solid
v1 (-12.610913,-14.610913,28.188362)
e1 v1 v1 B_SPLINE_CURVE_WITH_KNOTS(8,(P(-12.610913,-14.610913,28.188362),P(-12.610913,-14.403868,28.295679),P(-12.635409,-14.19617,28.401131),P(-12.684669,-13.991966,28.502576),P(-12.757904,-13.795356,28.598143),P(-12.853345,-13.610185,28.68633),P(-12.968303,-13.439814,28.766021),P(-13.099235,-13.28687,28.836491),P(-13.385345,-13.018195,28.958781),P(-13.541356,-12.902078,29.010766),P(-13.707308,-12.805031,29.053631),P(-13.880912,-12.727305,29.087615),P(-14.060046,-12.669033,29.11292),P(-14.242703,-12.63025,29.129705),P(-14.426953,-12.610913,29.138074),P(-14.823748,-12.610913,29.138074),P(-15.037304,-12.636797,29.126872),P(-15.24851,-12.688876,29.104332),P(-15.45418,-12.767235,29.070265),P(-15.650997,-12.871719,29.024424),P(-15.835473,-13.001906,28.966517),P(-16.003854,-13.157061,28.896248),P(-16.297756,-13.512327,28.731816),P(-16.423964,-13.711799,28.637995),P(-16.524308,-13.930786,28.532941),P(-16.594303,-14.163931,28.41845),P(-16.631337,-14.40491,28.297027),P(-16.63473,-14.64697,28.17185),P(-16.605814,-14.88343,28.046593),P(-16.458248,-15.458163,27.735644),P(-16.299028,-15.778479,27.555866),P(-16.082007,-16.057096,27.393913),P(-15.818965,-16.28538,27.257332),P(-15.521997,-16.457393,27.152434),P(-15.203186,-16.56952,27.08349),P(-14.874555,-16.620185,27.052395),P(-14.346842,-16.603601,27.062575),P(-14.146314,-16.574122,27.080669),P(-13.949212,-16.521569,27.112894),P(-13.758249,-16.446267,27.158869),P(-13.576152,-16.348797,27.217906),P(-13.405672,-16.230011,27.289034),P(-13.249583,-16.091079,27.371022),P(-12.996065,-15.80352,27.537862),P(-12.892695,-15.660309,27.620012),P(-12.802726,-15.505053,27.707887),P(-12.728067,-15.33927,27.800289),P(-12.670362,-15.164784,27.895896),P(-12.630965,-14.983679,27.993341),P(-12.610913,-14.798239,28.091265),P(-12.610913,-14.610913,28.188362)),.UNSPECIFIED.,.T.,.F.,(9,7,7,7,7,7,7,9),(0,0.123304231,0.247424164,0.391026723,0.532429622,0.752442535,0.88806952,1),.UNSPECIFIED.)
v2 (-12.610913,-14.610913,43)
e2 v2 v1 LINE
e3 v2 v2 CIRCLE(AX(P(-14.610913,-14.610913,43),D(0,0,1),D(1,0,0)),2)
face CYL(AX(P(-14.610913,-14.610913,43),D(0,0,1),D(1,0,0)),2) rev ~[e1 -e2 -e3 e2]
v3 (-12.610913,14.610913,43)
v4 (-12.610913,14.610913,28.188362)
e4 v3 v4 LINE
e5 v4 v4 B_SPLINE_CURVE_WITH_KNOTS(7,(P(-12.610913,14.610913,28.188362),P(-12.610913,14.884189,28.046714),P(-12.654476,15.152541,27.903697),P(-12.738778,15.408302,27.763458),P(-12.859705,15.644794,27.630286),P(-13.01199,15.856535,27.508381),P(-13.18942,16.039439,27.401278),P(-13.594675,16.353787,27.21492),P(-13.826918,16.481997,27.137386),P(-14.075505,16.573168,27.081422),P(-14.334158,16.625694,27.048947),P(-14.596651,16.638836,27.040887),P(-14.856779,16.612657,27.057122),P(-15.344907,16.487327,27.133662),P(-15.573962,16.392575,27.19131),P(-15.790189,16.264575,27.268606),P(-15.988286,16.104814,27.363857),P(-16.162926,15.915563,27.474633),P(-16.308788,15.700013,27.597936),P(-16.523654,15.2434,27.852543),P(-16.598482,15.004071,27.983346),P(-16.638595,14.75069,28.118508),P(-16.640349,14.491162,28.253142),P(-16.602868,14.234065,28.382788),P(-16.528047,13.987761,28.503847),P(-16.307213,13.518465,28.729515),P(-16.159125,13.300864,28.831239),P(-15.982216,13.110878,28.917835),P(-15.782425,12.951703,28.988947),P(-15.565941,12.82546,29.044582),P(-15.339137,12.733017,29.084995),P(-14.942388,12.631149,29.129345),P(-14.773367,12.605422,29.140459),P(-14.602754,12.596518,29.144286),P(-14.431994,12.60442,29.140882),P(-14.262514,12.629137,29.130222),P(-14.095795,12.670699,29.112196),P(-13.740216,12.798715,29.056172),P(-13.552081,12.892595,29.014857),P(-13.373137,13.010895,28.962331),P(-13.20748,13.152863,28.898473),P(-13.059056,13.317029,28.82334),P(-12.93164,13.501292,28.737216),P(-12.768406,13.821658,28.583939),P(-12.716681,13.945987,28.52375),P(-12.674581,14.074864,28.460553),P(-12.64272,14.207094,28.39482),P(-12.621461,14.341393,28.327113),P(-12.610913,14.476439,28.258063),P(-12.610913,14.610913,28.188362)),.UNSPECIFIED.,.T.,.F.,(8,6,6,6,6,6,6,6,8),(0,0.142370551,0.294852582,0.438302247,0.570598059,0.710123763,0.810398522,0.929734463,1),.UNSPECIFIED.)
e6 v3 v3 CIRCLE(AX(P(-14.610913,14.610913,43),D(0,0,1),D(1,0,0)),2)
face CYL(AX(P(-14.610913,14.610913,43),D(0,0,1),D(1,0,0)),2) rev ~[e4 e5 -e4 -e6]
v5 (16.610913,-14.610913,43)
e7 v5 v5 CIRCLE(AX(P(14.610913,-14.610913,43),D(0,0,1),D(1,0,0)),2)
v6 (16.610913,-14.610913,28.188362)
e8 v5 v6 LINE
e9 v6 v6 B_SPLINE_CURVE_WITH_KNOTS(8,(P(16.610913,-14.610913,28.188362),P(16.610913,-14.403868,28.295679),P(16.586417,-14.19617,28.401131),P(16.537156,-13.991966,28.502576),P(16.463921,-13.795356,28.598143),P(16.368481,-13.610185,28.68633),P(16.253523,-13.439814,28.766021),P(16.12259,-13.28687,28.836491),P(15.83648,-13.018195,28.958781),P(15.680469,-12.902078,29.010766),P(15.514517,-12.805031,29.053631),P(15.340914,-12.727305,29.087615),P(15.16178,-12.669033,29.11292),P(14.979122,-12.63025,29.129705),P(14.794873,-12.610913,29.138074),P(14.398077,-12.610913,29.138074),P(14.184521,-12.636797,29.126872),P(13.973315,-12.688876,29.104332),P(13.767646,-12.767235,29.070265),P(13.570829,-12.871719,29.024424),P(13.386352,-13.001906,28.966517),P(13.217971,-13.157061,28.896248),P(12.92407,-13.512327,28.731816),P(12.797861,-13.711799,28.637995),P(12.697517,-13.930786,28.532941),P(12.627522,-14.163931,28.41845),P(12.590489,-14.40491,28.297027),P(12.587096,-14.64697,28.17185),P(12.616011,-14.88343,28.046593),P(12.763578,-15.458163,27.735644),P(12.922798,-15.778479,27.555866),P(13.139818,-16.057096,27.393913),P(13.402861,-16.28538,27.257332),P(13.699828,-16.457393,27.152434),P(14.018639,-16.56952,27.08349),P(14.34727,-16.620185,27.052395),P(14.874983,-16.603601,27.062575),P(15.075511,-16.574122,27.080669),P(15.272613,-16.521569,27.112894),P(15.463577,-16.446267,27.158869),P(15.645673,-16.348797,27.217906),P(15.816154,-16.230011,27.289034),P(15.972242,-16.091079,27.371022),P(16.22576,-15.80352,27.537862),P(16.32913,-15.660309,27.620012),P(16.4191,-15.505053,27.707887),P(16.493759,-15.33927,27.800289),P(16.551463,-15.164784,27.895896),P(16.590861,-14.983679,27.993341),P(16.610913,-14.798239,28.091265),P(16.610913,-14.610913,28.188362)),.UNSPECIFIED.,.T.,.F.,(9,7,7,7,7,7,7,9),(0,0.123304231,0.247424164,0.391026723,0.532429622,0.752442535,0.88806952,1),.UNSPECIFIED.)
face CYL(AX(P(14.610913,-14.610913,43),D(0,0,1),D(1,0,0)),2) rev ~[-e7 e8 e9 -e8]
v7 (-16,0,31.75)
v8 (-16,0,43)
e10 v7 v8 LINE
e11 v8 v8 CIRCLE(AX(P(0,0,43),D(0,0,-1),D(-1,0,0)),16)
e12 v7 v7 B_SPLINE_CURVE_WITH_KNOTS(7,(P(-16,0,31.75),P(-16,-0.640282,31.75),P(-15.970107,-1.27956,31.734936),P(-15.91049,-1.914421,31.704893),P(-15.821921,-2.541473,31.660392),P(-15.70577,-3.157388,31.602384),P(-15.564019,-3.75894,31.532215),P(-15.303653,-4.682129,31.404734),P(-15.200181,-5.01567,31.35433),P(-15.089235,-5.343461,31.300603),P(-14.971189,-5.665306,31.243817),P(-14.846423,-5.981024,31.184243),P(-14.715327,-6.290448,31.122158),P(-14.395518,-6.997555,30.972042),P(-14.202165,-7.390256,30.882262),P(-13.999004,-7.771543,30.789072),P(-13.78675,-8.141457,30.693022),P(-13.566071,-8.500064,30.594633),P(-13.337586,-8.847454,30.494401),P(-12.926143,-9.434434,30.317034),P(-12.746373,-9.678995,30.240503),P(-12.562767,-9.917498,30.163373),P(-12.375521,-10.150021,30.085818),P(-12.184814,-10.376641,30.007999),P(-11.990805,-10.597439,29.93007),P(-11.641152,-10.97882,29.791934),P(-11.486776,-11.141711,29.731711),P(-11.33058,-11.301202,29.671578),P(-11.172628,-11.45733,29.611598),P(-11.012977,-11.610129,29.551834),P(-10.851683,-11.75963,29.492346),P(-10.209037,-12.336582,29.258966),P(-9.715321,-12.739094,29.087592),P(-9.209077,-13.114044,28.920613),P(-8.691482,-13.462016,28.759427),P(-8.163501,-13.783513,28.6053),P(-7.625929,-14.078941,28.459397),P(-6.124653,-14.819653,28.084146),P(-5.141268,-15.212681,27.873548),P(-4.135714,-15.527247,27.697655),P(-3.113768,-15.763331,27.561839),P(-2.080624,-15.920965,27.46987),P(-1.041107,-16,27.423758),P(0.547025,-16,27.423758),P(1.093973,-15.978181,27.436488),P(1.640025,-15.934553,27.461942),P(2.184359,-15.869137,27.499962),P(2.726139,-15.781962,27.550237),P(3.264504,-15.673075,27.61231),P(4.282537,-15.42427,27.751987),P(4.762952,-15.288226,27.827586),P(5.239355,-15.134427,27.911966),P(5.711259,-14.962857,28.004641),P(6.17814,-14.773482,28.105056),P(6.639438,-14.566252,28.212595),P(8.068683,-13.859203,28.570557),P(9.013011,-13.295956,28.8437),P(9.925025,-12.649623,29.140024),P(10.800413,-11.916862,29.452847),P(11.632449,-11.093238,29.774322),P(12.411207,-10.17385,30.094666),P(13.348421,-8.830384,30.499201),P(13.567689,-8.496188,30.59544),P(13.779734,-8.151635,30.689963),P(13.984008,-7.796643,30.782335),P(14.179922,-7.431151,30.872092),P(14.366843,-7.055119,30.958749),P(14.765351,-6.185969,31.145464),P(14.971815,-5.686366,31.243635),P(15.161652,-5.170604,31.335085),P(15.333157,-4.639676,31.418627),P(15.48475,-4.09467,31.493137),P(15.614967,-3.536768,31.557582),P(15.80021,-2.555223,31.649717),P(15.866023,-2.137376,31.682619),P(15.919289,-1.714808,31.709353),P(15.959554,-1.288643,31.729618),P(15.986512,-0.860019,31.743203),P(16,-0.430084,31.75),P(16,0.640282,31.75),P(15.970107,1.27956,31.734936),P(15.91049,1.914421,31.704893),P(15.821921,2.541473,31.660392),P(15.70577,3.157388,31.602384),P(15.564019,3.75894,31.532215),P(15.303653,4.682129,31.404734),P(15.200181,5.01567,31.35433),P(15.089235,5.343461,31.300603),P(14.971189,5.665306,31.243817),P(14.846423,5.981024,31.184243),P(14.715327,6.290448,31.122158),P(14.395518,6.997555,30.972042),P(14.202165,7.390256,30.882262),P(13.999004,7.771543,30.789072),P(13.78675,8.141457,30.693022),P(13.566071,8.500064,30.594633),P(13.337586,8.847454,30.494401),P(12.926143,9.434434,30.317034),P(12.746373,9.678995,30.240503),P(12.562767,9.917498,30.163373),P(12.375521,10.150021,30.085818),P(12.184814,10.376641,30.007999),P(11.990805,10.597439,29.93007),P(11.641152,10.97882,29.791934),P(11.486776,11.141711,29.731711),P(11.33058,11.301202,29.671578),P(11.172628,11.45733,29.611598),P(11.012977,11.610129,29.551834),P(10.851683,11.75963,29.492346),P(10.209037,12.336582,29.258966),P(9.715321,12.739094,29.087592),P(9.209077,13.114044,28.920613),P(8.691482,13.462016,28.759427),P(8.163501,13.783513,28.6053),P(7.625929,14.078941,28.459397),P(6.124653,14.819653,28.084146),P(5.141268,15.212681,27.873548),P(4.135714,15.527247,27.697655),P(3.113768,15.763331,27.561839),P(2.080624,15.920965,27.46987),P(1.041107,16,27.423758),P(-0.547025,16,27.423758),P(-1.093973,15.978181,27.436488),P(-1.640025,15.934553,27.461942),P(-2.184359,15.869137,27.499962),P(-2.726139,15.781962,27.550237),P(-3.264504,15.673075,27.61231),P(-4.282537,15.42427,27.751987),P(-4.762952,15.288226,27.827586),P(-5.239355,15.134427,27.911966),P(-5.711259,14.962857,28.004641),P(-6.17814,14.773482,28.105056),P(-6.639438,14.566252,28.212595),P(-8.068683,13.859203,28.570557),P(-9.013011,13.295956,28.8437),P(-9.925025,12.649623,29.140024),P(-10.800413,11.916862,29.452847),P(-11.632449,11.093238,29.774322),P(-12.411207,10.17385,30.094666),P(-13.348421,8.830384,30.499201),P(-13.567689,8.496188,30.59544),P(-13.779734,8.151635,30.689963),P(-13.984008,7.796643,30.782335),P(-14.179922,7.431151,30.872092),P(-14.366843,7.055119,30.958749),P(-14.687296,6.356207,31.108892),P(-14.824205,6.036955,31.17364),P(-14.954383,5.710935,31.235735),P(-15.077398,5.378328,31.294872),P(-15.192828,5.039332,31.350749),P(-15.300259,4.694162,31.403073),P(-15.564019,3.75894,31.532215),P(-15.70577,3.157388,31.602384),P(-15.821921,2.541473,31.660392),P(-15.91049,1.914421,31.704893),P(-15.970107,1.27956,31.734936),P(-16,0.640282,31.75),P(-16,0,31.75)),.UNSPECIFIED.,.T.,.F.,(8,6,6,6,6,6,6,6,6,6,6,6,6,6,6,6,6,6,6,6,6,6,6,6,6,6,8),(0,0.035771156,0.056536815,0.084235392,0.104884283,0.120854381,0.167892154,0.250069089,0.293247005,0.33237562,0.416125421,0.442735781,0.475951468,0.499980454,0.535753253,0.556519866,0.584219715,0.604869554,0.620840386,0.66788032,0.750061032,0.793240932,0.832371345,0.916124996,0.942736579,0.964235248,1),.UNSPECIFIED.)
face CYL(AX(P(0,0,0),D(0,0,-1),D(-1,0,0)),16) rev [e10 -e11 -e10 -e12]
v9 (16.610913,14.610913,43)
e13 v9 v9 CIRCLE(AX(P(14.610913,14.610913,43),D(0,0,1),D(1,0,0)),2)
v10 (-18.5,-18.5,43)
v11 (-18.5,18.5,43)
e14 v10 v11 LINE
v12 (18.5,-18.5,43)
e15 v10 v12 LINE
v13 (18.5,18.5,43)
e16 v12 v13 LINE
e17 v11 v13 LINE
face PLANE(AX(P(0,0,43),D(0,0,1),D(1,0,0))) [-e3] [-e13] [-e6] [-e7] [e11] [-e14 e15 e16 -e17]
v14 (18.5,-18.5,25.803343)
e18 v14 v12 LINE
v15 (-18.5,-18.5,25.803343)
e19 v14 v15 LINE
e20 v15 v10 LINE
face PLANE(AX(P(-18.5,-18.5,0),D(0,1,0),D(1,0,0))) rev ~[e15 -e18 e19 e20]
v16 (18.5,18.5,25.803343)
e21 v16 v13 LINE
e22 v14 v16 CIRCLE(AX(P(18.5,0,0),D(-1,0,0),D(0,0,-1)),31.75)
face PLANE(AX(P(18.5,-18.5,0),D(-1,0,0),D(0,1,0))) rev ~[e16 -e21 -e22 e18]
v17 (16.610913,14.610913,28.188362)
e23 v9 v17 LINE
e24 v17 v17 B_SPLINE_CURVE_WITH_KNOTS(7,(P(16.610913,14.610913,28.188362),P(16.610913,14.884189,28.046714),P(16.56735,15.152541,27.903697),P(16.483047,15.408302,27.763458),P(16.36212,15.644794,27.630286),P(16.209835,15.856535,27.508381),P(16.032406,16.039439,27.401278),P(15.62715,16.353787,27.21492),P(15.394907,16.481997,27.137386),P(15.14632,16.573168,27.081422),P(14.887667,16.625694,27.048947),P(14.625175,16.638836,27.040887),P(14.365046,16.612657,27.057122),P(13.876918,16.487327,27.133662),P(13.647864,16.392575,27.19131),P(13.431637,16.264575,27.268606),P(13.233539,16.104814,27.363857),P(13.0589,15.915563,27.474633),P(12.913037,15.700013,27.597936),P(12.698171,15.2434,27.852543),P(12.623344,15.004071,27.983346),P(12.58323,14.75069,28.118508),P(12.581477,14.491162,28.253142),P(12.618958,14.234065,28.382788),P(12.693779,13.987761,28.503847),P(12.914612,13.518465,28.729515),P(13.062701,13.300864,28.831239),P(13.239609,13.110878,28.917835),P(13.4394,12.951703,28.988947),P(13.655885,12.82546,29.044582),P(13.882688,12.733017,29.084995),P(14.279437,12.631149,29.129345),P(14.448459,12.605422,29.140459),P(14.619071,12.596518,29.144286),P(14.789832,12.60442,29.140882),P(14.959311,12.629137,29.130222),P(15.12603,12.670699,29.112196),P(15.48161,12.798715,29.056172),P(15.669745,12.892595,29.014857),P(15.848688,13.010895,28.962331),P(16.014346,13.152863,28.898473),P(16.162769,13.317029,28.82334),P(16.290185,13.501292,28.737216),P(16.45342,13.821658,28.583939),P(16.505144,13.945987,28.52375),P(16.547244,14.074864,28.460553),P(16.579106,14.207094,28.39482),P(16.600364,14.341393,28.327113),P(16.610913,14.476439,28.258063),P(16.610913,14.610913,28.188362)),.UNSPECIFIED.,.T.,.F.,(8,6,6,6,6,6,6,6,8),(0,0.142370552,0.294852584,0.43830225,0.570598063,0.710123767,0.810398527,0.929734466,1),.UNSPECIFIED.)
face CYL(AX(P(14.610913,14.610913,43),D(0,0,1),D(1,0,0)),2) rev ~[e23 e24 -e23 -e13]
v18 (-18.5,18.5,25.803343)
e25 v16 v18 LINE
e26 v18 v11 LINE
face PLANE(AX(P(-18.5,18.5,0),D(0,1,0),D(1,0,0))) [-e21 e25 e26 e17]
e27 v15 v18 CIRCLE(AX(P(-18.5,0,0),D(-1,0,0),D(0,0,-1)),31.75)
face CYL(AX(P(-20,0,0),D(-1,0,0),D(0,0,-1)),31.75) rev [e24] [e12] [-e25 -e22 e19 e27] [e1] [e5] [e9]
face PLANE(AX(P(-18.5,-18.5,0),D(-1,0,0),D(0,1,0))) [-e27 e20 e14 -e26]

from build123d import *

# Parameters (mm, degrees)
SKETCH1_W               = 37
SKETCH1_H               = 37
BOSS_EXTRUDE1_DEPTH     = 43
CUT_EXTRUDE1_DEPTH      = 20
CUT_EXTRUDE1_DEPTH_BACK = 20
SKETCH2_R               = 31.75
SKETCH5_R               = 16
CUT_EXTRUDE2_DEPTH      = 51.333885207
SKETCH6_R               = 2
CUT_EXTRUDE3_DEPTH      = 32.30854563


with BuildPart() as part:
    # Sketch1 → Boss-Extrude1 (new body)
    with BuildSketch(Plane.XY):
        Rectangle(SKETCH1_W, SKETCH1_H)
    extrude(amount=BOSS_EXTRUDE1_DEPTH)

    # Sketch2 → Cut-Extrude1 (cut, two sides: drawn at the far end of the back side and taken through both)
    with BuildSketch(Plane(origin=(0, 0, 0), x_dir=(0, 0, -1), z_dir=(1, 0, 0)).offset(-CUT_EXTRUDE1_DEPTH_BACK)):
        Circle(SKETCH2_R)
    extrude(amount=CUT_EXTRUDE1_DEPTH + CUT_EXTRUDE1_DEPTH_BACK, mode=Mode.SUBTRACT)

    # Sketch5 → Cut-Extrude2 (cut, through all)
    with BuildSketch(Plane.XY):
        with Locations(Location((0, 0, 0), (0, 0, 180))):
            Circle(SKETCH5_R)
    extrude(amount=CUT_EXTRUDE2_DEPTH, mode=Mode.SUBTRACT)

    # Sketch6 → Cut-Extrude3 (cut, through all)
    with BuildSketch(Plane.XY.offset(43)):
        with Locations((-14.610912703, -14.610912703)):
            Circle(SKETCH6_R)
        with Locations((14.610912703, -14.610912703)):
            Circle(SKETCH6_R)
        with Locations((14.610912703, 14.610912703)):
            Circle(SKETCH6_R)
        with Locations((-14.610912703, 14.610912703)):
            Circle(SKETCH6_R)
    extrude(amount=-CUT_EXTRUDE3_DEPTH, mode=Mode.SUBTRACT)


solid = part.part
